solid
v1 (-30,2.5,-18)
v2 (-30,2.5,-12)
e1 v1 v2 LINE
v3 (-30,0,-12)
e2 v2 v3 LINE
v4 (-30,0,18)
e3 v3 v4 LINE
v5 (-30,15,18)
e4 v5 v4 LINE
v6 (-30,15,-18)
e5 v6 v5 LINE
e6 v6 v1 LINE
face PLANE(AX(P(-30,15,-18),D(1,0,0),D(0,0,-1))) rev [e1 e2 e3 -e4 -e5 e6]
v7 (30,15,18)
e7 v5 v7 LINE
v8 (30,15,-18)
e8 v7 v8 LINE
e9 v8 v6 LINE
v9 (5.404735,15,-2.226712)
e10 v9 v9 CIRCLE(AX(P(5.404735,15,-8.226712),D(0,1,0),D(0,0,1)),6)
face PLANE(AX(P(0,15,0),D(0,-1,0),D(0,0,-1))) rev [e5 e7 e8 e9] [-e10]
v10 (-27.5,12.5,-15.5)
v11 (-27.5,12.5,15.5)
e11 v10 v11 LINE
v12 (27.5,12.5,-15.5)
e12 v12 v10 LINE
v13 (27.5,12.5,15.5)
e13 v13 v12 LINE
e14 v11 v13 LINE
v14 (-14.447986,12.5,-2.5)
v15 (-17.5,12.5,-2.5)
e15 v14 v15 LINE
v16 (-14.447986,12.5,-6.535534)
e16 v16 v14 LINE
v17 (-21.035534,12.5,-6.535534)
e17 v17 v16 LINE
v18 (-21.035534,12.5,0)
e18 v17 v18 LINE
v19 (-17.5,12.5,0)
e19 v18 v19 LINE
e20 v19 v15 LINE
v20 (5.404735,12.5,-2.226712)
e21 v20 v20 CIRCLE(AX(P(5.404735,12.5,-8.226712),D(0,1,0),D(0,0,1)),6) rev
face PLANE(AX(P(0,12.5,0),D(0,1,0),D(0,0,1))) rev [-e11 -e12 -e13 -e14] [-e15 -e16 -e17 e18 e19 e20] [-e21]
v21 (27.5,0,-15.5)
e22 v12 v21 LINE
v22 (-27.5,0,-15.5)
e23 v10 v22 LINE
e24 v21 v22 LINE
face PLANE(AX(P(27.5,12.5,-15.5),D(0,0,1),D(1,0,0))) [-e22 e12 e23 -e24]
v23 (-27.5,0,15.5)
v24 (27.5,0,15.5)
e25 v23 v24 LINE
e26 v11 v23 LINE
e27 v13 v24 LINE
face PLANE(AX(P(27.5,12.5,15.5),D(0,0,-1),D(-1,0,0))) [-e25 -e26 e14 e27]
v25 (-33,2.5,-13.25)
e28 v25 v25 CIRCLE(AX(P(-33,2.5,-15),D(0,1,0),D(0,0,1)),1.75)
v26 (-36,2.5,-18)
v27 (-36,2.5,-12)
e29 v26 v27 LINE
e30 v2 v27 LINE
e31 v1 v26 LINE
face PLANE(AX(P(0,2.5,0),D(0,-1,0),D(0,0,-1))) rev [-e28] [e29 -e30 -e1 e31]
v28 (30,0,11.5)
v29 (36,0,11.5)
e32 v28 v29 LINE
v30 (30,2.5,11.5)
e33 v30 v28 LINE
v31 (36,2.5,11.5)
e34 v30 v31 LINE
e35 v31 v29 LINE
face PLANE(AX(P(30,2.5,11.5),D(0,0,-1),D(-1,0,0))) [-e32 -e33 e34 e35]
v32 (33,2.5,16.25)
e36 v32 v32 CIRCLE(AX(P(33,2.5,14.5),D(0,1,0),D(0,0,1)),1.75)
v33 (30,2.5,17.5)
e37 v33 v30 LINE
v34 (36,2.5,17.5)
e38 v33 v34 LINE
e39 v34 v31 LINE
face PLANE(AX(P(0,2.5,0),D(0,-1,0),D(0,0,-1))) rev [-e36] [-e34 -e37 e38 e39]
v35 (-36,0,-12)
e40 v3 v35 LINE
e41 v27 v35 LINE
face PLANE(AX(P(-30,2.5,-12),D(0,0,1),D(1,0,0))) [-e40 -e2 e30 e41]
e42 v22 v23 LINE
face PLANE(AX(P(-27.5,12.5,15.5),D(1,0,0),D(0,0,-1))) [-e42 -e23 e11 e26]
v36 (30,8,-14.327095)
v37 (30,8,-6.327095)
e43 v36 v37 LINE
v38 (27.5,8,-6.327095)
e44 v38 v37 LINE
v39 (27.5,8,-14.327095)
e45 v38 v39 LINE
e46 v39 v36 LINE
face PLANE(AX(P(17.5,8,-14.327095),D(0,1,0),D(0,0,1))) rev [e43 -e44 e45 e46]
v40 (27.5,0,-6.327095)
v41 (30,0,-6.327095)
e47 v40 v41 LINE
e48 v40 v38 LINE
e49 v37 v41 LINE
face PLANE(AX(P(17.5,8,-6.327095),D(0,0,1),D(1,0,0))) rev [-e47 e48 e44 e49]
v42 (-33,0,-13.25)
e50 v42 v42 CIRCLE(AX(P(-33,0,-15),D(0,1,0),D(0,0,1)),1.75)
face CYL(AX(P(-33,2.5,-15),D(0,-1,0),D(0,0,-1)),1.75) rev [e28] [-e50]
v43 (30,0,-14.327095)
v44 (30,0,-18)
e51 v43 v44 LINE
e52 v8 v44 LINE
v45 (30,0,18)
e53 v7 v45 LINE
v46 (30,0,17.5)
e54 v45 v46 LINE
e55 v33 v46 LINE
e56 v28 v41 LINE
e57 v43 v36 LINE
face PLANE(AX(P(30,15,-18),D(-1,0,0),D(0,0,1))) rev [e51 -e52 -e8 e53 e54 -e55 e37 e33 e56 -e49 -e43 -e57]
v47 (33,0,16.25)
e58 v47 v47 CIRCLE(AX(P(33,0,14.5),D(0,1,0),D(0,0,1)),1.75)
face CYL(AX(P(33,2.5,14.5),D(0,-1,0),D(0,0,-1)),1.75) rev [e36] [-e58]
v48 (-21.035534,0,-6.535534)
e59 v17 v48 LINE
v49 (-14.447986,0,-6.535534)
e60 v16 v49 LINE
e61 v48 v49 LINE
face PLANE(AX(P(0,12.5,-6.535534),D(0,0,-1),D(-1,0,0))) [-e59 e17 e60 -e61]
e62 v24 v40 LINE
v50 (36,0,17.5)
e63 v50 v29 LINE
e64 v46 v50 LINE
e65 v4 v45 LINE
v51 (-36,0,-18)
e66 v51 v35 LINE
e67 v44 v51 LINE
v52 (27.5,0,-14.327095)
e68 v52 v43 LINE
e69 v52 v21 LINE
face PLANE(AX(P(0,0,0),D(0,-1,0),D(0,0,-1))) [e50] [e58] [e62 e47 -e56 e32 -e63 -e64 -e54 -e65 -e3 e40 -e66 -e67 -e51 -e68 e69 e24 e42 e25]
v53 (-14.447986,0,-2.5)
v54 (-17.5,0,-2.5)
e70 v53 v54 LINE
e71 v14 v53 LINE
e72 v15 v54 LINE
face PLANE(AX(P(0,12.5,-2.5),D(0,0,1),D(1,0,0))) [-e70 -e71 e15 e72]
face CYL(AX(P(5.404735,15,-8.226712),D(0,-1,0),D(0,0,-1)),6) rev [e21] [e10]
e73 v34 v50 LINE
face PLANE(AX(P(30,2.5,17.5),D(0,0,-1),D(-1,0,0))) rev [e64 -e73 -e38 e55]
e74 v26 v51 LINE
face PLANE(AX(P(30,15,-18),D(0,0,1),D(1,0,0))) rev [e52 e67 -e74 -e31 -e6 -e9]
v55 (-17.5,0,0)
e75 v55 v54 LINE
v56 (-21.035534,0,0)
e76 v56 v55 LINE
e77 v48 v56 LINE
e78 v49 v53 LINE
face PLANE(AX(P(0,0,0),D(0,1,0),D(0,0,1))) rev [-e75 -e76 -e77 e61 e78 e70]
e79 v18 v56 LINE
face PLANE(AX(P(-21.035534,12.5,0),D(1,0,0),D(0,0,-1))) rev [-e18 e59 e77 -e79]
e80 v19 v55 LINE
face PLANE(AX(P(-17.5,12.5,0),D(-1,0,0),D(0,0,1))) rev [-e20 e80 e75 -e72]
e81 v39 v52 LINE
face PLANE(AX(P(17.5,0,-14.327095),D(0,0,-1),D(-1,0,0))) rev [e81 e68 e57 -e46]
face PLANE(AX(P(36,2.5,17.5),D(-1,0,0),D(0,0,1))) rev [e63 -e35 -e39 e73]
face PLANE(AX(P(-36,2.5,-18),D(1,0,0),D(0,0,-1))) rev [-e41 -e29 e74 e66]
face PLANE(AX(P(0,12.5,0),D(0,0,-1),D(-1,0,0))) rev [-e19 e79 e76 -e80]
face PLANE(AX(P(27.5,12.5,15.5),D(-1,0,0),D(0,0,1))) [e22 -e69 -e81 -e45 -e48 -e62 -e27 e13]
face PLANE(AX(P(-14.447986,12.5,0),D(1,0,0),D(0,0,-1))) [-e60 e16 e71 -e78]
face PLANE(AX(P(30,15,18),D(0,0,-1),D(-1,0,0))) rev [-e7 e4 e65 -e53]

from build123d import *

# Parameters (mm, degrees)
SKETCH2_W           = 60
SKETCH2_H           = 36
BOSS_EXTRUDE2_DEPTH = 15
SKETCH5_W           = 55
SKETCH5_H           = 31
CUT_EXTRUDE1_DEPTH  = 12.5
SKETCH6_W           = 6
SKETCH6_H           = 6
SKETCH6_R           = 1.75
BOSS_EXTRUDE3_DEPTH = 2.5
SKETCH7_R           = 6
CUT_EXTRUDE2_DEPTH  = 15
BOSS_EXTRUDE4_DEPTH = 12.5
SKETCH10_W          = 8
SKETCH10_H          = 8
CUT_EXTRUDE3_DEPTH  = 12.5


with BuildPart() as part:
    # Sketch2 → Boss-Extrude2 (new body)
    with BuildSketch(Plane(origin=(0, 0, 0), x_dir=(1, 0, 0), z_dir=(0, 1, 0))):
        Rectangle(SKETCH2_W, SKETCH2_H)
    extrude(amount=BOSS_EXTRUDE2_DEPTH)

    # Sketch5 → Cut-Extrude1 (cut)
    with BuildSketch(Plane(origin=(0, 0, 0), x_dir=(1, 0, 0), z_dir=(0, 1, 0))):
        Rectangle(SKETCH5_W, SKETCH5_H)
    extrude(amount=CUT_EXTRUDE1_DEPTH, mode=Mode.SUBTRACT)

    # Sketch6 → Boss-Extrude3 (add)
    with BuildSketch(Plane(origin=(0, 0, 0), x_dir=(1, 0, 0), z_dir=(0, 1, 0))):
        with Locations((-33, 15)):
            Rectangle(SKETCH6_W, SKETCH6_H)
        with Locations(Location((-33, 15, 0), (0, 0, 270))):  # turned: the seam where the file's is
            Circle(SKETCH6_R, mode=Mode.SUBTRACT)
        with Locations((33, -14.5)):
            Rectangle(SKETCH6_W, SKETCH6_H)
        with Locations(Location((33, -14.5, 0), (0, 0, 270))):  # turned: the seam where the file's is
            Circle(SKETCH6_R, mode=Mode.SUBTRACT)
    extrude(amount=BOSS_EXTRUDE3_DEPTH)

    # Sketch7 → Cut-Extrude2 (cut)
    with BuildSketch(Plane(origin=(0, 0, 0), x_dir=(1, 0, 0), z_dir=(0, 1, 0))):
        with Locations(Location((5.404735112, 8.226712099, 0), (0, 0, 270))):  # turned: the seam where the file's is
            Circle(SKETCH7_R)
    extrude(amount=CUT_EXTRUDE2_DEPTH, mode=Mode.SUBTRACT)

    # Sketch8 → Boss-Extrude4 (add)
    with BuildSketch(Plane(origin=(0, 0, 0), x_dir=(1, 0, 0), z_dir=(0, 1, 0))):
        Polygon((-21.035533906, 0), (-17.5, 0), (-17.5, 2.5), (-14.447985549, 2.5), (-14.447985549, 6.535533906), (-21.035533906, 6.535533906), align=None)
    extrude(amount=BOSS_EXTRUDE4_DEPTH)

    # Sketch10 → Cut-Extrude3 (cut)
    with BuildSketch(Plane(origin=(30, 0, 0), x_dir=(0, 0, -1), z_dir=(1, 0, 0))):
        with Locations((10.327095022, 4)):
            Rectangle(SKETCH10_W, SKETCH10_H)
    extrude(amount=-CUT_EXTRUDE3_DEPTH, mode=Mode.SUBTRACT)


solid = part.part
